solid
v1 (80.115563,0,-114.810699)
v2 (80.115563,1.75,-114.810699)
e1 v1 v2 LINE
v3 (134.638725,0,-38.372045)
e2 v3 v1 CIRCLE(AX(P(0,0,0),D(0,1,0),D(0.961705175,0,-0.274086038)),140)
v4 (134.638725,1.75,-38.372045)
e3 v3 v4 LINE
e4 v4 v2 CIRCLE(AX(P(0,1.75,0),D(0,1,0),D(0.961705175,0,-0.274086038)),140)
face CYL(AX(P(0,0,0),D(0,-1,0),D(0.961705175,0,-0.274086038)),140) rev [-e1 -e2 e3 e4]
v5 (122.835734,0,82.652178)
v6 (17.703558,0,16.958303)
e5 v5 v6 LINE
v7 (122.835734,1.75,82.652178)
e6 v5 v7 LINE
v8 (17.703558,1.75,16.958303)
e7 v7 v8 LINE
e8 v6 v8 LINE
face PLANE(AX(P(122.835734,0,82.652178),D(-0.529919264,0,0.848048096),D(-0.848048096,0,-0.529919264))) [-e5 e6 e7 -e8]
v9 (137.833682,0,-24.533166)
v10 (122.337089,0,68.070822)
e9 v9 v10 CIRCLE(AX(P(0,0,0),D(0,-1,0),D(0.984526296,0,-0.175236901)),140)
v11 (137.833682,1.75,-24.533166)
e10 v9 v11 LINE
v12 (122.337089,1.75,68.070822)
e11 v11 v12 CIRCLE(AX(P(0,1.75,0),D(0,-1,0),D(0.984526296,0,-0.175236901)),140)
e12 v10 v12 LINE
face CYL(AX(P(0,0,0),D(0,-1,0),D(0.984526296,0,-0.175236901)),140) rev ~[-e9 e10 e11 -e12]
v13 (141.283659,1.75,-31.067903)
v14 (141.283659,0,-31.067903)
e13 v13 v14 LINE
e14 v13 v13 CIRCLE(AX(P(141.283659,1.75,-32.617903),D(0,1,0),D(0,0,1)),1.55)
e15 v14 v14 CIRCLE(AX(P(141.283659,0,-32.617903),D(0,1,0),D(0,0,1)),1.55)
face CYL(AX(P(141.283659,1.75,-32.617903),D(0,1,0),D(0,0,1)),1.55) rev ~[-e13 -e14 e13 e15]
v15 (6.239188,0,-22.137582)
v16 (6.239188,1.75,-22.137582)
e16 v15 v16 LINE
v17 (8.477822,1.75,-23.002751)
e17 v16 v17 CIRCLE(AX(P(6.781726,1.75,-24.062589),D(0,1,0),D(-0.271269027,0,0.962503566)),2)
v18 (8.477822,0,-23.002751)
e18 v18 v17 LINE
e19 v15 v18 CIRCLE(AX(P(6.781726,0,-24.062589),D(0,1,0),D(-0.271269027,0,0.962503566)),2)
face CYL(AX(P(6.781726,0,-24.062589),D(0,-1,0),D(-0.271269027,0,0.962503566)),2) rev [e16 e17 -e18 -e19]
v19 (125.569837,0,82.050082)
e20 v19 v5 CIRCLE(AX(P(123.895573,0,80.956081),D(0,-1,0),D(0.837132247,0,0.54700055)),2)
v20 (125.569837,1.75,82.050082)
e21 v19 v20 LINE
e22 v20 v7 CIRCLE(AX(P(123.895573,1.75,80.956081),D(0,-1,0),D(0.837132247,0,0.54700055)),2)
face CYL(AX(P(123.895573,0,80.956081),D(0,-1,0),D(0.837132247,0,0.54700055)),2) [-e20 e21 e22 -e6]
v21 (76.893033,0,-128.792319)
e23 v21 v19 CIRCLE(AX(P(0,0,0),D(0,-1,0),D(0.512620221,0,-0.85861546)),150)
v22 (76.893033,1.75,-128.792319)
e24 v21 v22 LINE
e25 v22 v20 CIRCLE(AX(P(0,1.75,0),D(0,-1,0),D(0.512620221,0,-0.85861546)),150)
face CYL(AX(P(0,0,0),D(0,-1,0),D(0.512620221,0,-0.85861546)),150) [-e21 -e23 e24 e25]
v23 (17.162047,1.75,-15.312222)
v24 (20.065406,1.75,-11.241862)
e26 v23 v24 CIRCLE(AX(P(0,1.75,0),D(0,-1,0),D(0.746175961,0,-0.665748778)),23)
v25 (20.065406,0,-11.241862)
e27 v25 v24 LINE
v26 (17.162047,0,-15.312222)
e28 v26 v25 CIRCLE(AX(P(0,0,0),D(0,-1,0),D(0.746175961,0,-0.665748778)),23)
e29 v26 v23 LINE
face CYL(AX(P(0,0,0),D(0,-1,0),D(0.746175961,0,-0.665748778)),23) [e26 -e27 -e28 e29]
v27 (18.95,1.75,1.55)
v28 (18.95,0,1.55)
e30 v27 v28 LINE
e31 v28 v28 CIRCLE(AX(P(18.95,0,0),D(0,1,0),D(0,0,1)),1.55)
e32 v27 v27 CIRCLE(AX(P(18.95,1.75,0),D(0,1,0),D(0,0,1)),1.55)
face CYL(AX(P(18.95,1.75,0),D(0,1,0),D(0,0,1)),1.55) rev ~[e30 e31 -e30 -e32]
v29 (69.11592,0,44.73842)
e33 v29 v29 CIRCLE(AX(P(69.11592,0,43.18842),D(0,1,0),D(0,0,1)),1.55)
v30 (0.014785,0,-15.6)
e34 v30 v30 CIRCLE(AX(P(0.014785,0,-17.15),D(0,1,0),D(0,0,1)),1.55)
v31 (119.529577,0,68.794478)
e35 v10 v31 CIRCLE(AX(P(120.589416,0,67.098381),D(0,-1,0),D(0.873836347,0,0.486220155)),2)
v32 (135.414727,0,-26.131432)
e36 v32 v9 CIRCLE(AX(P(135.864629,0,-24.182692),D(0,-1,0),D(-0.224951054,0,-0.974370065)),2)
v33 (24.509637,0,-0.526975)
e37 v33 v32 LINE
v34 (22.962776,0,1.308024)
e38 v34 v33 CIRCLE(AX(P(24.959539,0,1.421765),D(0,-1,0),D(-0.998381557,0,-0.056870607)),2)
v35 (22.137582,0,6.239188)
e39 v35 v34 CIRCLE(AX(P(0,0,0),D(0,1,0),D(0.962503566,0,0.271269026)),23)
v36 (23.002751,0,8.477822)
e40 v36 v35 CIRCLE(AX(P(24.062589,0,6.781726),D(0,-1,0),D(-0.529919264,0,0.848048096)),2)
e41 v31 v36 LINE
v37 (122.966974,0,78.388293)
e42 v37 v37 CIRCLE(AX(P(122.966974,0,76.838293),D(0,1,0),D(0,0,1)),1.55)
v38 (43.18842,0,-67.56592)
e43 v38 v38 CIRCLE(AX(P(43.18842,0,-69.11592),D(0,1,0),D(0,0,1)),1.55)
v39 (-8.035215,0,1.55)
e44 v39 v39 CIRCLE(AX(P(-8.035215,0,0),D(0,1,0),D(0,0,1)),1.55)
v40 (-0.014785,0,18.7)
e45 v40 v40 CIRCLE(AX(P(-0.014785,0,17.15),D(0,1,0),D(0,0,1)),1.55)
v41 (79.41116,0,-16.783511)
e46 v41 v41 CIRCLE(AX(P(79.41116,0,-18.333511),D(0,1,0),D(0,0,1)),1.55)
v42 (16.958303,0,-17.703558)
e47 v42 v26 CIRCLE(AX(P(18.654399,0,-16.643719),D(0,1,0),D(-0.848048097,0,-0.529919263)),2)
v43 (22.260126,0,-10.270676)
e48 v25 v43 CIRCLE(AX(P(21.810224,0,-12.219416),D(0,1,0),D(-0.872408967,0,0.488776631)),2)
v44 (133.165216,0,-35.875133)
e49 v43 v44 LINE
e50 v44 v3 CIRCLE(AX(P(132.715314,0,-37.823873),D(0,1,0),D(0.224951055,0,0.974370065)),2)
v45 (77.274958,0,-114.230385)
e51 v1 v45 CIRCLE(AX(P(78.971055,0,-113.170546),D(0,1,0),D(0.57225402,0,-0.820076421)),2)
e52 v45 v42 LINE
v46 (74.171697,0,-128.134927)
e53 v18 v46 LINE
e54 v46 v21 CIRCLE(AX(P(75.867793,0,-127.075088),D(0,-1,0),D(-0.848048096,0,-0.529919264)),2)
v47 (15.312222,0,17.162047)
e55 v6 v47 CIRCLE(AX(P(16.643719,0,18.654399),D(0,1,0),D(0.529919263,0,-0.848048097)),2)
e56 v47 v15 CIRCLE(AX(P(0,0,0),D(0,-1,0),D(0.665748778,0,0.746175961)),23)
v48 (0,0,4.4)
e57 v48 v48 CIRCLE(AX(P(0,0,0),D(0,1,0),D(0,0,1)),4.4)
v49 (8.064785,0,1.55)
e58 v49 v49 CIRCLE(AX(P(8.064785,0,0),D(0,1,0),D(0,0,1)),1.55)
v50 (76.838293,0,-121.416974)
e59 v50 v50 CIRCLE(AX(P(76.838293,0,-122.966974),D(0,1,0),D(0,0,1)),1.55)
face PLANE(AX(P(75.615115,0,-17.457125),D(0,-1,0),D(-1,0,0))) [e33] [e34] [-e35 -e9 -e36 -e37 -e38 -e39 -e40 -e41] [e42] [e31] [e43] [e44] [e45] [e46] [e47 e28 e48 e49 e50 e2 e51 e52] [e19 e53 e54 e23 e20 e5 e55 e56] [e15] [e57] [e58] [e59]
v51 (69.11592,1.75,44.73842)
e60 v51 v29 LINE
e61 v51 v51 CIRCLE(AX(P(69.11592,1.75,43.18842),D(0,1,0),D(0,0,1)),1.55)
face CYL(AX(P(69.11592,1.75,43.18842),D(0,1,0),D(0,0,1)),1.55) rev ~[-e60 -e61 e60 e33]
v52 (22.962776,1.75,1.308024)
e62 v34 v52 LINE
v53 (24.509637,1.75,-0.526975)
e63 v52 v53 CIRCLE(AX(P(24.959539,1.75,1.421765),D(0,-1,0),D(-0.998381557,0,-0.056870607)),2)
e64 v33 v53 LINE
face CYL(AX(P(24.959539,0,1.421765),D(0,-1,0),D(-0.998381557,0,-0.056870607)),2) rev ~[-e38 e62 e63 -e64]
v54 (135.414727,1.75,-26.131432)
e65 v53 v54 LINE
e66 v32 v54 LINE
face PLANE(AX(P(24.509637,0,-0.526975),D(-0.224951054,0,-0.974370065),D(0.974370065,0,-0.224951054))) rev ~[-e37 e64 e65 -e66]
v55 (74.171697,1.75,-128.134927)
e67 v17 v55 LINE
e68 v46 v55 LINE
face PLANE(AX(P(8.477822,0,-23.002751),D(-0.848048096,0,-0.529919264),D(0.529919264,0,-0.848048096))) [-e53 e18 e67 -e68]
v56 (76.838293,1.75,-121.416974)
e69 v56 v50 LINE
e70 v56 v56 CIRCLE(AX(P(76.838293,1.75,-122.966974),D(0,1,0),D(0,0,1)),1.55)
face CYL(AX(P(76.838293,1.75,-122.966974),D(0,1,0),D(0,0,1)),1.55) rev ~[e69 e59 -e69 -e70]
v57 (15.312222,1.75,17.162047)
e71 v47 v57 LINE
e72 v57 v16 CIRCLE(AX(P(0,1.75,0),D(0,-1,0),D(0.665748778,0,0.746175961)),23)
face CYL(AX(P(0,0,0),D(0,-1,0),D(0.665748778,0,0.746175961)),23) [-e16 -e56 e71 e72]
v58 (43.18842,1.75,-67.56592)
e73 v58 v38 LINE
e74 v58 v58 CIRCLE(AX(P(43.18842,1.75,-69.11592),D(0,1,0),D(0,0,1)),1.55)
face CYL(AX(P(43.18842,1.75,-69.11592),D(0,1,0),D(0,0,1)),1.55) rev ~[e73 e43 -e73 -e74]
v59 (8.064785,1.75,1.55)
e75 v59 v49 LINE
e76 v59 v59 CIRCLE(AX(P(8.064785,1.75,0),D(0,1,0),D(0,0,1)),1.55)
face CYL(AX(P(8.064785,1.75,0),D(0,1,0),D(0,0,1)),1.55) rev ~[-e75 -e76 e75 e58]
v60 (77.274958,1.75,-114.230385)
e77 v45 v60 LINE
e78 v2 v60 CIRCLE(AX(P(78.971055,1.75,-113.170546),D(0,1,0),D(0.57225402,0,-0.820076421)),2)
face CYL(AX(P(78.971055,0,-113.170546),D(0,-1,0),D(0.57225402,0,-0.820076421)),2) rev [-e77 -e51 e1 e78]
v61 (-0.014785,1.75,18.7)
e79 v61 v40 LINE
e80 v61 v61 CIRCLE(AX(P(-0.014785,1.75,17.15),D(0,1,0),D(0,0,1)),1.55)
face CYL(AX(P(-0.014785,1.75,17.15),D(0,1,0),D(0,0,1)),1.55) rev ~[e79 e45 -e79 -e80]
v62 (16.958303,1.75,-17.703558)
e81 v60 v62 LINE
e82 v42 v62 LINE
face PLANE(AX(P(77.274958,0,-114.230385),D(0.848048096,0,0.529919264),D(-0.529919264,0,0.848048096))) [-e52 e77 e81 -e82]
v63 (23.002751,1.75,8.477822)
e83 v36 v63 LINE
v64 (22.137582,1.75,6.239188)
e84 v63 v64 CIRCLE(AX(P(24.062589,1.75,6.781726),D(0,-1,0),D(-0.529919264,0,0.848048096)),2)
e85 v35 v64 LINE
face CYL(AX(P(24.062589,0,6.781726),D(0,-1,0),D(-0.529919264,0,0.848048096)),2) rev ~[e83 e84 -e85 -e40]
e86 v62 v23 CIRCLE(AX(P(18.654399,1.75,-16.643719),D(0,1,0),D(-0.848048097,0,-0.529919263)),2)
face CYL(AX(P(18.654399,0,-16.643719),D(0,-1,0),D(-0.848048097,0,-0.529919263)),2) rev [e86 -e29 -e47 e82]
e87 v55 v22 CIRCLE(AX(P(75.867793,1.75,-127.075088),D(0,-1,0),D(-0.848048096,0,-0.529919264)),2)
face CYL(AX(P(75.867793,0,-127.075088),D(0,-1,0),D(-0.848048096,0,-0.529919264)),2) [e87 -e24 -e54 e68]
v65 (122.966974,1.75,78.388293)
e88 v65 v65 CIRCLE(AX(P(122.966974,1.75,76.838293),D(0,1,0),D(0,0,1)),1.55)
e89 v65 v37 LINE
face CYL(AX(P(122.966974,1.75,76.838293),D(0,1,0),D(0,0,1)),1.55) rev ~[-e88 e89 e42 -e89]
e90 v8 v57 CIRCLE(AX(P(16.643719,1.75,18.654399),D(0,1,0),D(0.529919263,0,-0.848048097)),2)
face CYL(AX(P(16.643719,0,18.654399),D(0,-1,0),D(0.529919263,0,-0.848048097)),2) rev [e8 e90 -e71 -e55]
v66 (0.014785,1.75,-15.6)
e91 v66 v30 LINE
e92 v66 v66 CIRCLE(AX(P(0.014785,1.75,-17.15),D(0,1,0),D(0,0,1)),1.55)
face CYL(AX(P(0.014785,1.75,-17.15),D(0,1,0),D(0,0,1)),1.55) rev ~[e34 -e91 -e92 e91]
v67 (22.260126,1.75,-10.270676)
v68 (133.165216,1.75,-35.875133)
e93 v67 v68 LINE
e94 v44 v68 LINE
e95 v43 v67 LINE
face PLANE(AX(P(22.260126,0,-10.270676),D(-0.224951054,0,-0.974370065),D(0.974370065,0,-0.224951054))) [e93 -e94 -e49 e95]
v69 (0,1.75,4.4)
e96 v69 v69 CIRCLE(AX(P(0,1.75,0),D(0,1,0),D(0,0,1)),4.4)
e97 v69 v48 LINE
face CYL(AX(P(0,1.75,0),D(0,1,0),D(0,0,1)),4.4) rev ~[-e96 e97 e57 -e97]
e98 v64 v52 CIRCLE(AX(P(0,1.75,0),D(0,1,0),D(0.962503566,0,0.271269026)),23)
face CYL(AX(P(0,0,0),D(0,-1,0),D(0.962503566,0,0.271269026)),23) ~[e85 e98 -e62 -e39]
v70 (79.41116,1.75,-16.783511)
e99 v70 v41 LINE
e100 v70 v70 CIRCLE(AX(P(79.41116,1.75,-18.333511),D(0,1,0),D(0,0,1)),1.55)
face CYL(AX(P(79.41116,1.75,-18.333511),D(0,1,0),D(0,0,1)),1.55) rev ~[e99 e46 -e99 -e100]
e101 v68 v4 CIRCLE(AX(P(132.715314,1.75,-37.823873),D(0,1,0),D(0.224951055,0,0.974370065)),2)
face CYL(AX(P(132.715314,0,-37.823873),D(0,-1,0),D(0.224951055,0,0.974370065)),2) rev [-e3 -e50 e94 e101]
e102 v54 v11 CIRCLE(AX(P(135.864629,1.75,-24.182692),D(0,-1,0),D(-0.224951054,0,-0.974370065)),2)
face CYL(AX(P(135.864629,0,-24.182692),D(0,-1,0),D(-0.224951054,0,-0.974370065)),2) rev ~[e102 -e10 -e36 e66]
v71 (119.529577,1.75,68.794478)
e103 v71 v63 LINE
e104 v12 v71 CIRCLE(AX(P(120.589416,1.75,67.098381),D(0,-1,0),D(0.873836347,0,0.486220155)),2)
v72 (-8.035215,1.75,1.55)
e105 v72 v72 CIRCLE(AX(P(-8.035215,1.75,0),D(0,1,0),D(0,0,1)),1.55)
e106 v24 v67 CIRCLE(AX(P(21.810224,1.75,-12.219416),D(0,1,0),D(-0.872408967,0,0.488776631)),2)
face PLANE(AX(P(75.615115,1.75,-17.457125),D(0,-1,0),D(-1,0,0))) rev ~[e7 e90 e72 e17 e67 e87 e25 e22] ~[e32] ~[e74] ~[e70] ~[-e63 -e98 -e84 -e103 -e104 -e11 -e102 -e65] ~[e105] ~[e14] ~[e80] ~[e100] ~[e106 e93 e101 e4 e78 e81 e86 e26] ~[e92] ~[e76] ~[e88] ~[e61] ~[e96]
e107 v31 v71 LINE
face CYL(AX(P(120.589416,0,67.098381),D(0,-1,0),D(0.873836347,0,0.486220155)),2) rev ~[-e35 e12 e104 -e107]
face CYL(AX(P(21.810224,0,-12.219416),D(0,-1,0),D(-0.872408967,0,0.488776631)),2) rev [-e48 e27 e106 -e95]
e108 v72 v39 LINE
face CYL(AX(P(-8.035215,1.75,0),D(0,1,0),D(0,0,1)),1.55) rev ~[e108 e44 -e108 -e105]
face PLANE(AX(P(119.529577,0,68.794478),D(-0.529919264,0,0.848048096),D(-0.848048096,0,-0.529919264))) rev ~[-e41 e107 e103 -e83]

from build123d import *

# Parameters (mm, degrees)
BOSS_EXTRUDE1_DEPTH  = 1.75
MOUNTING_HOLES_REACH = 199.898
SKETCH2_R            = 4.4
SKETCH2_R_2          = 1.55


with BuildPart() as part:
    # Sketch1 → Boss-Extrude1 (new body)
    with BuildSketch(Plane(origin=(0, 0, 0), x_dir=(1, 0, 0), z_dir=(0, 1, 0))):
        with BuildLine():
            Line((8.477821861, 23.002750629), (74.17169656, 128.134926657))
            ThreePointArc((74.17169656, 128.134926657), (75.398161995, 129.019168104), (76.893033195, 128.792319049))
            ThreePointArc((76.893033195, 128.792319049), (146.155509718, 33.742658152), (125.569837037, -82.050082429))
            ThreePointArc((125.569837037, -82.050082429), (124.325699782, -82.909281411), (122.835734015, -82.652177522))
            Line((122.835734015, -82.652177522), (17.703557987, -16.958302822))
            ThreePointArc((17.703557987, -16.958302822), (16.473932566, -16.661618944), (15.312221901, -17.162047094))
            ThreePointArc((15.312221901, -17.162047094), (-22.41051149, -5.17387425), (6.239187615, 22.137582025))
            ThreePointArc((6.239187615, 22.137582025), (7.502699505, 22.197060619), (8.477821861, 23.002750629))
        make_face()
        with BuildLine():
            Line((22.260126283, 10.270675628), (133.165216263, 35.875133138))
            ThreePointArc((133.165216263, 35.875133138), (134.43775302, 36.807406666), (134.638724504, 38.372045344))
            ThreePointArc((134.638724504, 38.372045344), (113.97617257, 81.2984138), (80.115562712, 114.810699028))
            ThreePointArc((80.115562712, 114.810699028), (78.570737863, 115.130073284), (77.274958481, 114.230384713))
            Line((77.274958481, 114.230384713), (16.958302822, 17.703557987))
            ThreePointArc((16.958302822, 17.703557987), (16.661618944, 16.473932566), (17.162047094, 15.312221901))
            ThreePointArc((17.162047094, 15.312221901), (18.724656922, 13.356167981), (20.06540624, 11.241862497))
            ThreePointArc((20.06540624, 11.241862497), (21.000901784, 10.390482389), (22.260126283, 10.270675628))
        make_face(mode=Mode.SUBTRACT)
        with BuildLine():
            Line((24.509636827, 0.52697498), (135.414726806, 26.131432491))
            ThreePointArc((135.414726806, 26.131432491), (136.967157083, 25.851353992), (137.833681508, 24.533166163))
            ThreePointArc((137.833681508, 24.533166163), (138.079984215, -23.10666482), (122.337088578, -68.070821636))
            ThreePointArc((122.337088578, -68.070821636), (121.08861366, -69.035079956), (119.529577356, -68.794477519))
            Line((119.529577356, -68.794477519), (23.002750629, -8.477821861))
            ThreePointArc((23.002750629, -8.477821861), (22.197060619, -7.502699505), (22.137582025, -6.239187615))
            ThreePointArc((22.137582025, -6.239187615), (22.684568835, -3.796094935), (22.96277582, -1.308023937))
            ThreePointArc((22.96277582, -1.308023937), (23.430373171, -0.132714311), (24.509636827, 0.52697498))
        make_face(mode=Mode.SUBTRACT)
    extrude(amount=BOSS_EXTRUDE1_DEPTH)

    # Sketch2 → Mounting_Holes (cut, up to next)
    with BuildSketch(Plane(origin=(0, 1.75, 0), x_dir=(1, 0, 0), z_dir=(0, 1, 0)), mode=Mode.PRIVATE) as mounting_holes_sk1:
        with Locations(Location((0, 0, 0), (0, 0, 270))):
            Circle(SKETCH2_R)
    mounting_holes_tool1 = extrude(mounting_holes_sk1.sketch, amount=-MOUNTING_HOLES_REACH, mode=Mode.PRIVATE) & part.part
    # Sketch2 → Mounting_Holes (cut, up to next)
    with BuildSketch(Plane(origin=(0, 1.75, 0), x_dir=(1, 0, 0), z_dir=(0, 1, 0)), mode=Mode.PRIVATE) as mounting_holes_sk2:
        with Locations(Location((8.064784864, 0, 0), (0, 0, 270))):
            Circle(SKETCH2_R_2)
    mounting_holes_tool2 = extrude(mounting_holes_sk2.sketch, amount=-MOUNTING_HOLES_REACH, mode=Mode.PRIVATE) & part.part
    # Sketch2 → Mounting_Holes (cut, up to next)
    with BuildSketch(Plane(origin=(0, 1.75, 0), x_dir=(1, 0, 0), z_dir=(0, 1, 0)), mode=Mode.PRIVATE) as mounting_holes_sk3:
        with Locations(Location((18.95, 0, 0), (0, 0, 270))):
            Circle(SKETCH2_R_2)
    mounting_holes_tool3 = extrude(mounting_holes_sk3.sketch, amount=-MOUNTING_HOLES_REACH, mode=Mode.PRIVATE) & part.part
    # Sketch2 → Mounting_Holes (cut, up to next)
    with BuildSketch(Plane(origin=(0, 1.75, 0), x_dir=(1, 0, 0), z_dir=(0, 1, 0)), mode=Mode.PRIVATE) as mounting_holes_sk4:
        with Locations(Location((-8.035215136, 0, 0), (0, 0, 270))):
            Circle(SKETCH2_R_2)
    mounting_holes_tool4 = extrude(mounting_holes_sk4.sketch, amount=-MOUNTING_HOLES_REACH, mode=Mode.PRIVATE) & part.part
    # Sketch2 → Mounting_Holes (cut, up to next)
    with BuildSketch(Plane(origin=(0, 1.75, 0), x_dir=(1, 0, 0), z_dir=(0, 1, 0)), mode=Mode.PRIVATE) as mounting_holes_sk5:
        with Locations(Location((0.014784864, 17.15, 0), (0, 0, 270))):
            Circle(SKETCH2_R_2)
    mounting_holes_tool5 = extrude(mounting_holes_sk5.sketch, amount=-MOUNTING_HOLES_REACH, mode=Mode.PRIVATE) & part.part
    # Sketch2 → Mounting_Holes (cut, up to next)
    with BuildSketch(Plane(origin=(0, 1.75, 0), x_dir=(1, 0, 0), z_dir=(0, 1, 0)), mode=Mode.PRIVATE) as mounting_holes_sk6:
        with Locations(Location((-0.014784864, -17.15, 0), (0, 0, 270))):
            Circle(SKETCH2_R_2)
    mounting_holes_tool6 = extrude(mounting_holes_sk6.sketch, amount=-MOUNTING_HOLES_REACH, mode=Mode.PRIVATE) & part.part
    # Sketch2 → Mounting_Holes (cut, up to next)
    with BuildSketch(Plane(origin=(0, 1.75, 0), x_dir=(1, 0, 0), z_dir=(0, 1, 0)), mode=Mode.PRIVATE) as mounting_holes_sk7:
        with Locations(Location((69.115919837, -43.188420035, 0), (0, 0, 270))):
            Circle(SKETCH2_R_2)
    mounting_holes_tool7 = extrude(mounting_holes_sk7.sketch, amount=-MOUNTING_HOLES_REACH, mode=Mode.PRIVATE) & part.part
    # Sketch2 → Mounting_Holes (cut, up to next)
    with BuildSketch(Plane(origin=(0, 1.75, 0), x_dir=(1, 0, 0), z_dir=(0, 1, 0)), mode=Mode.PRIVATE) as mounting_holes_sk8:
        with Locations(Location((122.966973943, -76.838293314, 0), (0, 0, 270))):
            Circle(SKETCH2_R_2)
    mounting_holes_tool8 = extrude(mounting_holes_sk8.sketch, amount=-MOUNTING_HOLES_REACH, mode=Mode.PRIVATE) & part.part
    # Sketch2 → Mounting_Holes (cut, up to next)
    with BuildSketch(Plane(origin=(0, 1.75, 0), x_dir=(1, 0, 0), z_dir=(0, 1, 0)), mode=Mode.PRIVATE) as mounting_holes_sk9:
        with Locations(Location((141.283659394, 32.61790288, 0), (0, 0, 270))):
            Circle(SKETCH2_R_2)
    mounting_holes_tool9 = extrude(mounting_holes_sk9.sketch, amount=-MOUNTING_HOLES_REACH, mode=Mode.PRIVATE) & part.part
    # Sketch2 → Mounting_Holes (cut, up to next)
    with BuildSketch(Plane(origin=(0, 1.75, 0), x_dir=(1, 0, 0), z_dir=(0, 1, 0)), mode=Mode.PRIVATE) as mounting_holes_sk10:
        with Locations(Location((79.41116028, 18.333510929, 0), (0, 0, 270))):
            Circle(SKETCH2_R_2)
    mounting_holes_tool10 = extrude(mounting_holes_sk10.sketch, amount=-MOUNTING_HOLES_REACH, mode=Mode.PRIVATE) & part.part
    # Sketch2 → Mounting_Holes (cut, up to next)
    with BuildSketch(Plane(origin=(0, 1.75, 0), x_dir=(1, 0, 0), z_dir=(0, 1, 0)), mode=Mode.PRIVATE) as mounting_holes_sk11:
        with Locations(Location((43.188420035, 69.115919837, 0), (0, 0, 270))):
            Circle(SKETCH2_R_2)
    mounting_holes_tool11 = extrude(mounting_holes_sk11.sketch, amount=-MOUNTING_HOLES_REACH, mode=Mode.PRIVATE) & part.part
    # Sketch2 → Mounting_Holes (cut, up to next)
    with BuildSketch(Plane(origin=(0, 1.75, 0), x_dir=(1, 0, 0), z_dir=(0, 1, 0)), mode=Mode.PRIVATE) as mounting_holes_sk12:
        with Locations(Location((76.838293314, 122.966973943, 0), (0, 0, 270))):
            Circle(SKETCH2_R_2)
    mounting_holes_tool12 = extrude(mounting_holes_sk12.sketch, amount=-MOUNTING_HOLES_REACH, mode=Mode.PRIVATE) & part.part
    add(mounting_holes_tool1.solids().sort_by_distance((0, 1.75, 0))[0], mode=Mode.SUBTRACT)
    add(mounting_holes_tool2.solids().sort_by_distance((8.064785, 1.75, 0))[0], mode=Mode.SUBTRACT)
    add(mounting_holes_tool3.solids().sort_by_distance((18.95, 1.75, 0))[0], mode=Mode.SUBTRACT)
    add(mounting_holes_tool4.solids().sort_by_distance((-8.035215, 1.75, 0))[0], mode=Mode.SUBTRACT)
    add(mounting_holes_tool5.solids().sort_by_distance((0.014785, 1.75, -17.15))[0], mode=Mode.SUBTRACT)
    add(mounting_holes_tool6.solids().sort_by_distance((-0.014785, 1.75, 17.15))[0], mode=Mode.SUBTRACT)
    add(mounting_holes_tool7.solids().sort_by_distance((69.11592, 1.75, 43.18842))[0], mode=Mode.SUBTRACT)
    add(mounting_holes_tool8.solids().sort_by_distance((122.966974, 1.75, 76.838293))[0], mode=Mode.SUBTRACT)
    add(mounting_holes_tool9.solids().sort_by_distance((141.283659, 1.75, -32.617903))[0], mode=Mode.SUBTRACT)
    add(mounting_holes_tool10.solids().sort_by_distance((79.41116, 1.75, -18.333511))[0], mode=Mode.SUBTRACT)
    add(mounting_holes_tool11.solids().sort_by_distance((43.18842, 1.75, -69.11592))[0], mode=Mode.SUBTRACT)
    add(mounting_holes_tool12.solids().sort_by_distance((76.838293, 1.75, -122.966974))[0], mode=Mode.SUBTRACT)


solid = part.part
